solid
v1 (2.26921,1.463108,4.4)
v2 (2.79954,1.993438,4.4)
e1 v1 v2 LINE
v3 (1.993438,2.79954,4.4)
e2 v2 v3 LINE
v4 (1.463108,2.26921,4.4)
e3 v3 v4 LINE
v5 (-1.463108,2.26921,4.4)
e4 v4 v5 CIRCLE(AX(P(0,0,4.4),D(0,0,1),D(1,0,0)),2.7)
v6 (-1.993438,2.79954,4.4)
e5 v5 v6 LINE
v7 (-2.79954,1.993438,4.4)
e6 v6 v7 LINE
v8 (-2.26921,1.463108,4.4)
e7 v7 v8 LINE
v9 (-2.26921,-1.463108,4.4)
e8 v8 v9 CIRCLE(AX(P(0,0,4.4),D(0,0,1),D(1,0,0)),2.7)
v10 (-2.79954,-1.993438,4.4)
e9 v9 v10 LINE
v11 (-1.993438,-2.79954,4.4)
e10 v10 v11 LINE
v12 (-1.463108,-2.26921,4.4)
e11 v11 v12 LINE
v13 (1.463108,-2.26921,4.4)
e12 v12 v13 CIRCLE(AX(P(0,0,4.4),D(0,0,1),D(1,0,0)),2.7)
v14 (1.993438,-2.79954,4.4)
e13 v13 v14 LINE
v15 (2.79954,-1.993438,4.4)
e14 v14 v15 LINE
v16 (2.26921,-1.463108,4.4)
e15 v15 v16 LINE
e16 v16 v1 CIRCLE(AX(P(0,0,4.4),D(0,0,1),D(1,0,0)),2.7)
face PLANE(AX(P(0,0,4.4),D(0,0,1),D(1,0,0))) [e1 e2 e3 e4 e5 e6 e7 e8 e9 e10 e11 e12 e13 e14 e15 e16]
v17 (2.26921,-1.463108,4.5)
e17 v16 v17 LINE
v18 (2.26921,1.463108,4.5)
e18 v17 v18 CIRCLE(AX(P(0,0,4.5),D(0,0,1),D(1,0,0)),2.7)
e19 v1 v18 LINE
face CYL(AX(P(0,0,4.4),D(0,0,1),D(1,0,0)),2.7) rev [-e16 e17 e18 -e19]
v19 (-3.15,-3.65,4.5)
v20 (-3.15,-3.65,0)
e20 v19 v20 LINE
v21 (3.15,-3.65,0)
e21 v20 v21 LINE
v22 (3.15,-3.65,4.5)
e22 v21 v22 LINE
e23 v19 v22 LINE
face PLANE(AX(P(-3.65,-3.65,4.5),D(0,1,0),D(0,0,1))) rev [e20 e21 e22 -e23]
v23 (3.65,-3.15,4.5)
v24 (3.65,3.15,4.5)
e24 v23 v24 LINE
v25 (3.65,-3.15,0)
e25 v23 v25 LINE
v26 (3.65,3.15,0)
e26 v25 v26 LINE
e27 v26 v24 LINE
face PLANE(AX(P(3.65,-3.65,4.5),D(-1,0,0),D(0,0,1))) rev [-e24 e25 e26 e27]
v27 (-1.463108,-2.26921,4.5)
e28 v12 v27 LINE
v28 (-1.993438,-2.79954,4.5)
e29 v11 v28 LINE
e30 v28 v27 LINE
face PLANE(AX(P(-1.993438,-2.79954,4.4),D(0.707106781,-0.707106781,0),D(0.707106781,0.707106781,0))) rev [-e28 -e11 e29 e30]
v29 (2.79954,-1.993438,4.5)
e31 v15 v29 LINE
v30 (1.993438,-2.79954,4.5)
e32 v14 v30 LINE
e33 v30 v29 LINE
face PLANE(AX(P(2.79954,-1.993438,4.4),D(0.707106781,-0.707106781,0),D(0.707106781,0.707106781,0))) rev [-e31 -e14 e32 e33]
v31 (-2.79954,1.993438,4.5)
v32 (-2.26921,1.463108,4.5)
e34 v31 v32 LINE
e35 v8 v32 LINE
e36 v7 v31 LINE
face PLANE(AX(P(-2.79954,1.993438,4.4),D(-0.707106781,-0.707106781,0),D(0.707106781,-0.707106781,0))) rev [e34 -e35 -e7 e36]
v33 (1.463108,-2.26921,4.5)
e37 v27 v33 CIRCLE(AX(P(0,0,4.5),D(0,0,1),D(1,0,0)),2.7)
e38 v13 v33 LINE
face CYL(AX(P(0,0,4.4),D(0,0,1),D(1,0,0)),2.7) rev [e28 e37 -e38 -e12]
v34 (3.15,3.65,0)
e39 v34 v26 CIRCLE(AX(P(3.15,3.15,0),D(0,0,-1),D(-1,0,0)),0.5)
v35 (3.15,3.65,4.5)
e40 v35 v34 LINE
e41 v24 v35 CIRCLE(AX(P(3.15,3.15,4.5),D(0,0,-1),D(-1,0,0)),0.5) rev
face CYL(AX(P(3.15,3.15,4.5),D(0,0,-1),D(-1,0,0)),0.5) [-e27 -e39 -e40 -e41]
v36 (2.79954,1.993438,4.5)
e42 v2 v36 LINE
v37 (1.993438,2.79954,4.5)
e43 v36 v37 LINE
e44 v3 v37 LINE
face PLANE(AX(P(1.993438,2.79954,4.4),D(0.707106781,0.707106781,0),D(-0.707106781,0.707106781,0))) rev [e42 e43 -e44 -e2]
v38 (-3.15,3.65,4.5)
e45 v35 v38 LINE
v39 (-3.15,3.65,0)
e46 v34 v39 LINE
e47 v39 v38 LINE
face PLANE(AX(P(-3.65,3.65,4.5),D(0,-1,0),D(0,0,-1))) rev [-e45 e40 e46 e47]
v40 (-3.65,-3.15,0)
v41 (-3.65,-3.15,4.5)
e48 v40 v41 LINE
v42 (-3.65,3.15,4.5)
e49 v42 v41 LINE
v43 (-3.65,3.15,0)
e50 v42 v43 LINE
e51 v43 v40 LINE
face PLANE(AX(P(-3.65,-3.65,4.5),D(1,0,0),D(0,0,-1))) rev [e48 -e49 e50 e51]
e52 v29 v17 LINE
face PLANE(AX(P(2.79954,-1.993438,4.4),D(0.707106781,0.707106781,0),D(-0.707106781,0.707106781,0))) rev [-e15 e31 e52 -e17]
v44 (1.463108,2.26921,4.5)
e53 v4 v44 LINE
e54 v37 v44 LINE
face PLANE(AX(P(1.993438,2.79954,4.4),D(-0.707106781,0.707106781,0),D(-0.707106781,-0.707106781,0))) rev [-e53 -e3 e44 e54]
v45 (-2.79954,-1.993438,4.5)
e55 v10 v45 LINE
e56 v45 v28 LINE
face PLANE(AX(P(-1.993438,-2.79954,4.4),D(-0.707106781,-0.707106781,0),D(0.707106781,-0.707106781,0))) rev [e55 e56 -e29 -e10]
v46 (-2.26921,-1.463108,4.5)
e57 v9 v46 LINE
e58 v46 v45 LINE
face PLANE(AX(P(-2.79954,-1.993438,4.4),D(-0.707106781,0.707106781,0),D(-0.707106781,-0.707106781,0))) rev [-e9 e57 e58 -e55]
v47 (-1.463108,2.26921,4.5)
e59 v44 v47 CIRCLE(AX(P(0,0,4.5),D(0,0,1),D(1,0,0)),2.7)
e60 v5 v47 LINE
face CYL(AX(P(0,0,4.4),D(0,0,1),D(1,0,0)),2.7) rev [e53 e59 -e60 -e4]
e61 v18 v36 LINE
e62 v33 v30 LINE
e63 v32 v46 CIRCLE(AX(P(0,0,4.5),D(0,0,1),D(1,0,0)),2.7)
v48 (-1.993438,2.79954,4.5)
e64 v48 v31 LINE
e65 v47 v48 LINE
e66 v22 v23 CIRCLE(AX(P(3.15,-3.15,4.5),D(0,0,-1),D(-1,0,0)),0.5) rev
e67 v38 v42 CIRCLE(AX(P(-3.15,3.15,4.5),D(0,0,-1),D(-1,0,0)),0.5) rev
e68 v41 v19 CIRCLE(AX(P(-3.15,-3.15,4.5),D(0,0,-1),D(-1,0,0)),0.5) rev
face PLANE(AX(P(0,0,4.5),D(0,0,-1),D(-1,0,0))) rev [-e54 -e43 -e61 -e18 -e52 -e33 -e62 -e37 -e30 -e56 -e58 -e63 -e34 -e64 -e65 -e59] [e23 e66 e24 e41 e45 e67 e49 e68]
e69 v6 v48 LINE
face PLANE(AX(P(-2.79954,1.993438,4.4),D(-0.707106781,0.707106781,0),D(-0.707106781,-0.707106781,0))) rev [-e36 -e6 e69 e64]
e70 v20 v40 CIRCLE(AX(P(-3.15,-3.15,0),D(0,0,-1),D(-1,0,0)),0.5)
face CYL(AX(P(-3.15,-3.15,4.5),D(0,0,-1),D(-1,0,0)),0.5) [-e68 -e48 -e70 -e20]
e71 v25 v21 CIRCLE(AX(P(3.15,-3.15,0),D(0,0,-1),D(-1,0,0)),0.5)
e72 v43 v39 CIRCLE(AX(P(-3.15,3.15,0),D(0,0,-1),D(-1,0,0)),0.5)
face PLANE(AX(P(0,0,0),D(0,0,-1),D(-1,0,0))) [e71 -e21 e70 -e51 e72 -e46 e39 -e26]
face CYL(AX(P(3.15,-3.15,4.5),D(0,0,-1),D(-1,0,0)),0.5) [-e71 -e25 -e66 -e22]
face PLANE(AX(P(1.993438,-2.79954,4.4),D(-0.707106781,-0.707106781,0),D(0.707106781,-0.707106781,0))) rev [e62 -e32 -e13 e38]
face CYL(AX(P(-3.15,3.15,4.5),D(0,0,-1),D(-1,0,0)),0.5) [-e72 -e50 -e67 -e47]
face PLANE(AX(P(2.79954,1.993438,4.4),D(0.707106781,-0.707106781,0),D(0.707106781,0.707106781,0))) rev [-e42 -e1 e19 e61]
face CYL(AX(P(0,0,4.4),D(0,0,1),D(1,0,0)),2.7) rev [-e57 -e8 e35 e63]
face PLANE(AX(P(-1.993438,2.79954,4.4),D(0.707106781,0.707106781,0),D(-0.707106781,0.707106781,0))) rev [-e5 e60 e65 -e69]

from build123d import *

# Parameters (mm, degrees)
SKETCH_1_W               = 7.3
SKETCH_1_H               = 7.3
EXTRUDE_1_DEPTH          = 4.5
FILLET_1_R               = 0.5
SKETCH_2_R               = 2.7
CUT_EXTRUDE_1_DEPTH      = 0.1
CUT_EXTRUDE_2_DEPTH      = 0.1
PATTERN_CIRCULAR_1_COUNT = 4


with BuildPart() as part:
    # Эскиз1 → Бобышка-Вытянуть1 (new body)
    with BuildSketch(Plane.XY):
        Rectangle(SKETCH_1_W, SKETCH_1_H)
    extrude(amount=EXTRUDE_1_DEPTH)

    # Скругление1
    fillet_1_edges = [part.edges().sort_by_distance(p)[0] for p in [
        (3.65, -3.65, 2.25),
        (-3.65, -3.65, 2.25),
        (-3.65, 3.65, 2.25),
        (3.65, 3.65, 2.25),
    ]]
    fillet(fillet_1_edges, radius=FILLET_1_R)

    # Эскиз2 → Вырез-Вытянуть1 (cut)
    with BuildSketch(Plane.XY.offset(4.5)):
        Circle(SKETCH_2_R)
    extrude(amount=-CUT_EXTRUDE_1_DEPTH, mode=Mode.SUBTRACT)

    # Эскиз3 → Вырез-Вытянуть2 (cut)
    with BuildSketch(Plane.XY.offset(4.5)):
        Polygon((-2.799540108, 1.993438378), (-2.269210022, 1.463108292), (-1.463108292, 2.269210022), (-1.993438378, 2.799540108), align=None)
    cut_extrude_2 = extrude(amount=-CUT_EXTRUDE_2_DEPTH, mode=Mode.SUBTRACT)

    # Круговой массив1: Вырез-Вытянуть2 ×4 about axis
    pattern_circular_1_axis = Axis((0, 0, 0), (0, 0, 1))
    for i in range(1, PATTERN_CIRCULAR_1_COUNT):
        add(cut_extrude_2.rotate(pattern_circular_1_axis, i * 360 / PATTERN_CIRCULAR_1_COUNT), mode=Mode.SUBTRACT)


solid = part.part
